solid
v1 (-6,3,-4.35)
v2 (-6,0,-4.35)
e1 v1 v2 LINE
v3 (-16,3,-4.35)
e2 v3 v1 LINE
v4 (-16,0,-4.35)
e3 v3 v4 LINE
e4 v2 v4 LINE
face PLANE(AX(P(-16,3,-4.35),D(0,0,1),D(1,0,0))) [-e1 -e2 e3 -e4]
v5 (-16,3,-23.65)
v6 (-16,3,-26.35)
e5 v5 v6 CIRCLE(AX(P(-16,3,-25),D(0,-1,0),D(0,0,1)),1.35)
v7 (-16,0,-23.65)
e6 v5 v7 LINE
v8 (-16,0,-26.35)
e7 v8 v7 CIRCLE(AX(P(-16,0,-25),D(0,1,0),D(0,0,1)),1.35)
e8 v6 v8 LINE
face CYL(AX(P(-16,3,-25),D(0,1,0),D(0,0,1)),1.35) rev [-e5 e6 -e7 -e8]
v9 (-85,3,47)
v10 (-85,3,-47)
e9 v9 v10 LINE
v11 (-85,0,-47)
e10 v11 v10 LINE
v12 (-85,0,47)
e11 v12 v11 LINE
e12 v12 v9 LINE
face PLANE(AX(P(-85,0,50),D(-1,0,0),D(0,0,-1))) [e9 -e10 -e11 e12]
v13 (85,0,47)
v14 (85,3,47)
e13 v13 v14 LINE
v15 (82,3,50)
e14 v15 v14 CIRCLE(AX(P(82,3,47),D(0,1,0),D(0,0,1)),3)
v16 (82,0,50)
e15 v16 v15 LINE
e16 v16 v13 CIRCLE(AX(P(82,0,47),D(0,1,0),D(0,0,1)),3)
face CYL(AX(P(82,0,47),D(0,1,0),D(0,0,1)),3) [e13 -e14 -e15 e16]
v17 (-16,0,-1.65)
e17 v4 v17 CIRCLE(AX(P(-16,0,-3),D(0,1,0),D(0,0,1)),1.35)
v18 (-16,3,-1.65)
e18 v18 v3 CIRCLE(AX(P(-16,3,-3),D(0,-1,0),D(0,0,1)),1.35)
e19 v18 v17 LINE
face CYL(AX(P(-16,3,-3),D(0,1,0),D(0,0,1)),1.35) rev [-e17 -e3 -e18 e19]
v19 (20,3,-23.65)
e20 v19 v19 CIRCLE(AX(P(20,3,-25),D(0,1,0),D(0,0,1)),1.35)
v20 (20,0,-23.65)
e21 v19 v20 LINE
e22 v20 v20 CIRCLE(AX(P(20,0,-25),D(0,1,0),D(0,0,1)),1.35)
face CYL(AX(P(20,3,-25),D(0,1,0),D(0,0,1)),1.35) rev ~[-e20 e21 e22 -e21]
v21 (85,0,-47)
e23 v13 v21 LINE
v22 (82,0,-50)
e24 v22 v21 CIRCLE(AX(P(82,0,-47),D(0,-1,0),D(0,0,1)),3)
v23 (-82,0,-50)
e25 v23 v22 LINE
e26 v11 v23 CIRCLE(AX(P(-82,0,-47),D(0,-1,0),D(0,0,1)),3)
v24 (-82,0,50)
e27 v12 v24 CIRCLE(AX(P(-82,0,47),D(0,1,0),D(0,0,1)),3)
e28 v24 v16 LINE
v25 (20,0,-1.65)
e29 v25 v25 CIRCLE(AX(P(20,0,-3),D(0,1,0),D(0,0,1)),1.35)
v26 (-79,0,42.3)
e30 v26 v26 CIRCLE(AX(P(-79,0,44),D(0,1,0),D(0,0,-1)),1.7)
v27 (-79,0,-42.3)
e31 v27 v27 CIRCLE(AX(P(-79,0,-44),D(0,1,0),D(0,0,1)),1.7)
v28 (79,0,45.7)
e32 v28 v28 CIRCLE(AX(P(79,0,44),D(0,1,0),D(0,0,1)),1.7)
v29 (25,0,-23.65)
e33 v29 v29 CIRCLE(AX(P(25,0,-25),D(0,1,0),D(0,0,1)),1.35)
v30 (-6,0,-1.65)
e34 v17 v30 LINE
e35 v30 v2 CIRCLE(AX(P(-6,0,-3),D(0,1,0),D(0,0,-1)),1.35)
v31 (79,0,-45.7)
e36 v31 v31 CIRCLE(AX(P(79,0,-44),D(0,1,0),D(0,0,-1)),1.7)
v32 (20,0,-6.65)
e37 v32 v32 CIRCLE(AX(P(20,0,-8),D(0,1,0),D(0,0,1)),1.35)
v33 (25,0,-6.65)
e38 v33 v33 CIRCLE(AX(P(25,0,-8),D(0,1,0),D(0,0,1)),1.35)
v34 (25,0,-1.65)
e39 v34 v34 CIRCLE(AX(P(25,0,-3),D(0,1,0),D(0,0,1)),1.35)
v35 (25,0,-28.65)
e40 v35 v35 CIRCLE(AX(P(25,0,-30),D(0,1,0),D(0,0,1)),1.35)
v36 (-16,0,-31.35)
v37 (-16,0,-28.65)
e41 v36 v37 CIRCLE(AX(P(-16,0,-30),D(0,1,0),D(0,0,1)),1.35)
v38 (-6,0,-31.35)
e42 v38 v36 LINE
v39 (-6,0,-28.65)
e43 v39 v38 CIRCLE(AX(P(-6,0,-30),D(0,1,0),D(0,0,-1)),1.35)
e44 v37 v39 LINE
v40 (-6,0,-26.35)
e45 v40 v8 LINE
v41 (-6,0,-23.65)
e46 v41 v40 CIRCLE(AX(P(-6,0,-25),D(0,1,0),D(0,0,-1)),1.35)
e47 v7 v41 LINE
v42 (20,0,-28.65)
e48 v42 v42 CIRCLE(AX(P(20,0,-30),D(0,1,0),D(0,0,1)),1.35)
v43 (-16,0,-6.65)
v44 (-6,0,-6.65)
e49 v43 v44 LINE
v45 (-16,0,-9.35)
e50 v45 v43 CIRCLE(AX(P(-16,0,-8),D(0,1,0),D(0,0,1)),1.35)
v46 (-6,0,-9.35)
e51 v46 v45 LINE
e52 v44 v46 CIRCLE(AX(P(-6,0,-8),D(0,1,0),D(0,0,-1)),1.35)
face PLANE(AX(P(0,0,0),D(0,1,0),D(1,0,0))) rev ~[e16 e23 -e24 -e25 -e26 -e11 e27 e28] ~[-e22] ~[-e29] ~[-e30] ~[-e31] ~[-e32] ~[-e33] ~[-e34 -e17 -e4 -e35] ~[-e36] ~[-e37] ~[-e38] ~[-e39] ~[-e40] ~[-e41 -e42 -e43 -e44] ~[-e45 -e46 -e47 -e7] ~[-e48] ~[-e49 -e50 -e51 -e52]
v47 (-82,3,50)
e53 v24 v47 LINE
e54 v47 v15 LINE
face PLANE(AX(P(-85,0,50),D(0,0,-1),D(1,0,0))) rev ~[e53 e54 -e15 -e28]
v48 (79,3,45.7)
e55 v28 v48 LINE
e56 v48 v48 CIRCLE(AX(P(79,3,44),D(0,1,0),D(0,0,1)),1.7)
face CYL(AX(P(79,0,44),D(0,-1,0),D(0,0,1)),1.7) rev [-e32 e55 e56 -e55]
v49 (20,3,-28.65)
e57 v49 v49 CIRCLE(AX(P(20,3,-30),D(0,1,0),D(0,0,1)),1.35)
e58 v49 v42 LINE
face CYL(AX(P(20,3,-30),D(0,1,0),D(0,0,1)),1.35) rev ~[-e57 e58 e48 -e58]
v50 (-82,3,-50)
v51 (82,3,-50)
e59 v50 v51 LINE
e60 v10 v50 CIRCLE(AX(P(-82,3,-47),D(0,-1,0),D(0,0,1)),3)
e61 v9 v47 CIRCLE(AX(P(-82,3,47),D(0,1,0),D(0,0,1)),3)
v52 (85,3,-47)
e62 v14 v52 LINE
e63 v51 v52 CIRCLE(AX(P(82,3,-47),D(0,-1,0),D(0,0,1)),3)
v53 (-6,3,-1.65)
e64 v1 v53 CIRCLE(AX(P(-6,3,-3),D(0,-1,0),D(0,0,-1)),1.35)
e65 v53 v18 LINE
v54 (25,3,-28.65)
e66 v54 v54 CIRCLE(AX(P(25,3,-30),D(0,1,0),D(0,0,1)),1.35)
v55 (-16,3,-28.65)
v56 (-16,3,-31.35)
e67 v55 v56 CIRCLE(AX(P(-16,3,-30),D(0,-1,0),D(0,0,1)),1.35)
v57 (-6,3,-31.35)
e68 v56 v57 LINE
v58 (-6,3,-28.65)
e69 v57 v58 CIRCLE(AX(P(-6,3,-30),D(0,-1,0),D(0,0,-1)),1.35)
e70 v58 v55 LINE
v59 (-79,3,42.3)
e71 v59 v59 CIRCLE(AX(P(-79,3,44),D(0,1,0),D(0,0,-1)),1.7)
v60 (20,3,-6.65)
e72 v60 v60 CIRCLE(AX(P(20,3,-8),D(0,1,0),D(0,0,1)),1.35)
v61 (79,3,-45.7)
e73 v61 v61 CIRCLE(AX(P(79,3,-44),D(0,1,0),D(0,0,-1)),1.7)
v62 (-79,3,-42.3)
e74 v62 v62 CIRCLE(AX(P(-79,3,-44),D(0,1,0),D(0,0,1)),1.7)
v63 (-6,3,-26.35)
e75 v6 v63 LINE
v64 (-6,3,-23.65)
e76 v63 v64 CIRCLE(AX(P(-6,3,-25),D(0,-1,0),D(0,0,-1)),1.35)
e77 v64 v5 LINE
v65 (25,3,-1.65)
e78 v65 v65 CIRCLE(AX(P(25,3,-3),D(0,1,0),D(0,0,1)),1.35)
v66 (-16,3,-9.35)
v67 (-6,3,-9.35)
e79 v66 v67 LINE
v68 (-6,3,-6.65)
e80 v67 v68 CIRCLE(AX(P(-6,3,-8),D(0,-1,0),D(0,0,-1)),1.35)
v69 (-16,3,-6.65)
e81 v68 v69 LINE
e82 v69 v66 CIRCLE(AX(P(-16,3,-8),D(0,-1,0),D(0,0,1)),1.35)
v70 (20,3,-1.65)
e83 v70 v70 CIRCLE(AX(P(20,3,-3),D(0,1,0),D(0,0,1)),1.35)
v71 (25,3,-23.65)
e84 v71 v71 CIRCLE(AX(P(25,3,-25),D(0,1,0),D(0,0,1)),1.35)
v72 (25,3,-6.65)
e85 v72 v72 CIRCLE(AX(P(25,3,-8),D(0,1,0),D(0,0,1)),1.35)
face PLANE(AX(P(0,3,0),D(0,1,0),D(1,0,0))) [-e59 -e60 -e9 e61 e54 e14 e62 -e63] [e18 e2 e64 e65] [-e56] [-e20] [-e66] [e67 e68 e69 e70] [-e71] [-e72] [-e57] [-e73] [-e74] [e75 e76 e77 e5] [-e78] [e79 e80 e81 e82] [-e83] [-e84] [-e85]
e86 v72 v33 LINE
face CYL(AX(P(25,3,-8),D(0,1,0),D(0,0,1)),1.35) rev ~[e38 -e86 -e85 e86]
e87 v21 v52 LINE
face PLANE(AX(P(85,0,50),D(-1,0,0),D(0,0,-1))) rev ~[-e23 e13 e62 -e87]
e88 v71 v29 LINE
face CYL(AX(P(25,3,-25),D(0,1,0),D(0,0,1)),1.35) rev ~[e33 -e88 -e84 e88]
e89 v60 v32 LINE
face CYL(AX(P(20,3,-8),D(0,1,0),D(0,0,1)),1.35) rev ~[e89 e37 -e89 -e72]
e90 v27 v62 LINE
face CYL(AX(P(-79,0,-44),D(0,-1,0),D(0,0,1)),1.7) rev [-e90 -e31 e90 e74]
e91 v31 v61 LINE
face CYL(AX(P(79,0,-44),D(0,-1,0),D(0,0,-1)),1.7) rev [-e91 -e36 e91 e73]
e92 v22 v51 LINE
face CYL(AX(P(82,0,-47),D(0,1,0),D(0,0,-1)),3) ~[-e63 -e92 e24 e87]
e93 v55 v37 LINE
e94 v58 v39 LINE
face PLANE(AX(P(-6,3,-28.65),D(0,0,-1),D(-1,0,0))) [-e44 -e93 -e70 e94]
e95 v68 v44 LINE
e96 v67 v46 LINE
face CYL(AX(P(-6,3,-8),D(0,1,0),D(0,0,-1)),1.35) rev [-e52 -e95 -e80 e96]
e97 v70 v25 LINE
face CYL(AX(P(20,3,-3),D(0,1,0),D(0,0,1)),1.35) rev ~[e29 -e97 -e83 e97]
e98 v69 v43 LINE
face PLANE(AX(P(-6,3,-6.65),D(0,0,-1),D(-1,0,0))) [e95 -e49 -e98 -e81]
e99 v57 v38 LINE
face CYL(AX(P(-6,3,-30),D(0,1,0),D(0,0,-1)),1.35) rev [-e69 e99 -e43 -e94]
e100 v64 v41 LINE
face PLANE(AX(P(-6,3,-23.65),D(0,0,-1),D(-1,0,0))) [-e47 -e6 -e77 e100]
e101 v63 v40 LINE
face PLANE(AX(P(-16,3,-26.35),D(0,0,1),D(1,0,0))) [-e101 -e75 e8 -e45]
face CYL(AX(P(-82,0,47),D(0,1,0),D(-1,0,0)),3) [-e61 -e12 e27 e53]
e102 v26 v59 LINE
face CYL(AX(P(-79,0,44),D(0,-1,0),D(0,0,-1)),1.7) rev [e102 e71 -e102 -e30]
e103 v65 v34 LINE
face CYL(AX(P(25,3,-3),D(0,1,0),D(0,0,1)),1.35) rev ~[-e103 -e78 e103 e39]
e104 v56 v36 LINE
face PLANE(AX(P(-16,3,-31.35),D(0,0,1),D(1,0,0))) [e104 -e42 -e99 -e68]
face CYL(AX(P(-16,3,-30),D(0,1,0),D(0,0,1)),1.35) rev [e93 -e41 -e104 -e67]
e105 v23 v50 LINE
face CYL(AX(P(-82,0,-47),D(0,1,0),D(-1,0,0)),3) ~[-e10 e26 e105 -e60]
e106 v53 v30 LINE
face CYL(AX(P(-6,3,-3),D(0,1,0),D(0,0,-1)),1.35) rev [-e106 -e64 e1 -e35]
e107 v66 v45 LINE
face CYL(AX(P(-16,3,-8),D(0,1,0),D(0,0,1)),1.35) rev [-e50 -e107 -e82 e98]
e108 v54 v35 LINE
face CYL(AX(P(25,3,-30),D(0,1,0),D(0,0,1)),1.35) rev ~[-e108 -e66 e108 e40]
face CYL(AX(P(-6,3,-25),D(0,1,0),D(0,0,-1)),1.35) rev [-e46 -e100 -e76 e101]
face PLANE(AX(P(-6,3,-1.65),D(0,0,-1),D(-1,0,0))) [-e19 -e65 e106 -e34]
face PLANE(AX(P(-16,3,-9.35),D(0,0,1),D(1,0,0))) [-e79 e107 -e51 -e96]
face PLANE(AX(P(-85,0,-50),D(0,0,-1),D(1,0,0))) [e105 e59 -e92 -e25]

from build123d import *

# Parameters (mm, degrees)
SKETCH_1_W          = 170
SKETCH_1_H          = 100
SKETCH_1_R          = 1.7
EXTRUDE_1_DEPTH     = 3
CUT_EXTRUDE_1_REACH = 100.661
SKETCH_2_R          = 1.35
FILLET_1_R          = 3


with BuildPart() as part:
    # 草图1 → 凸台-拉伸1 (new body)
    with BuildSketch(Plane(origin=(0, 0, 0), x_dir=(1, 0, 0), z_dir=(0, 1, 0))):
        Rectangle(SKETCH_1_W, SKETCH_1_H)
        with Locations(Location((-79, -44, 0), (0, 0, 90))):
            Circle(SKETCH_1_R, mode=Mode.SUBTRACT)
        with Locations(Location((79, 44, 0), (0, 0, 90))):
            Circle(SKETCH_1_R, mode=Mode.SUBTRACT)
        with Locations(Location((79, -44, 0), (0, 0, 270))):
            Circle(SKETCH_1_R, mode=Mode.SUBTRACT)
        with Locations(Location((-79, 44, 0), (0, 0, 270))):
            Circle(SKETCH_1_R, mode=Mode.SUBTRACT)
    extrude(amount=EXTRUDE_1_DEPTH)

    # 草图2 → 切除-拉伸1 (cut, up to next)
    with BuildSketch(Plane(origin=(0, 3, 0), x_dir=(1, 0, 0), z_dir=(0, 1, 0)), mode=Mode.PRIVATE) as cut_extrude_1_sk1:
        with Locations(Location((25, 30, 0), (0, 0, 270))):
            Circle(SKETCH_2_R)
    cut_extrude_1_tool1 = extrude(cut_extrude_1_sk1.sketch, amount=-CUT_EXTRUDE_1_REACH, mode=Mode.PRIVATE) & part.part
    # 草图2 → 切除-拉伸1 (cut, up to next)
    with BuildSketch(Plane(origin=(0, 3, 0), x_dir=(1, 0, 0), z_dir=(0, 1, 0)), mode=Mode.PRIVATE) as cut_extrude_1_sk2:
        with Locations(Location((20, 30, 0), (0, 0, 270))):
            Circle(SKETCH_2_R)
    cut_extrude_1_tool2 = extrude(cut_extrude_1_sk2.sketch, amount=-CUT_EXTRUDE_1_REACH, mode=Mode.PRIVATE) & part.part
    # 草图2 → 切除-拉伸1 (cut, up to next)
    with BuildSketch(Plane(origin=(0, 3, 0), x_dir=(1, 0, 0), z_dir=(0, 1, 0)), mode=Mode.PRIVATE) as cut_extrude_1_sk3:
        with Locations(Location((25, 25, 0), (0, 0, 270))):
            Circle(SKETCH_2_R)
    cut_extrude_1_tool3 = extrude(cut_extrude_1_sk3.sketch, amount=-CUT_EXTRUDE_1_REACH, mode=Mode.PRIVATE) & part.part
    # 草图2 → 切除-拉伸1 (cut, up to next)
    with BuildSketch(Plane(origin=(0, 3, 0), x_dir=(1, 0, 0), z_dir=(0, 1, 0)), mode=Mode.PRIVATE) as cut_extrude_1_sk4:
        with Locations(Location((20, 25, 0), (0, 0, 270))):
            Circle(SKETCH_2_R)
    cut_extrude_1_tool4 = extrude(cut_extrude_1_sk4.sketch, amount=-CUT_EXTRUDE_1_REACH, mode=Mode.PRIVATE) & part.part
    # 草图2 → 切除-拉伸1 (cut, up to next)
    with BuildSketch(Plane(origin=(0, 3, 0), x_dir=(1, 0, 0), z_dir=(0, 1, 0)), mode=Mode.PRIVATE) as cut_extrude_1_sk5:
        with Locations(Location((25, 8, 0), (0, 0, 270))):
            Circle(SKETCH_2_R)
    cut_extrude_1_tool5 = extrude(cut_extrude_1_sk5.sketch, amount=-CUT_EXTRUDE_1_REACH, mode=Mode.PRIVATE) & part.part
    # 草图2 → 切除-拉伸1 (cut, up to next)
    with BuildSketch(Plane(origin=(0, 3, 0), x_dir=(1, 0, 0), z_dir=(0, 1, 0)), mode=Mode.PRIVATE) as cut_extrude_1_sk6:
        with Locations(Location((20, 8, 0), (0, 0, 270))):
            Circle(SKETCH_2_R)
    cut_extrude_1_tool6 = extrude(cut_extrude_1_sk6.sketch, amount=-CUT_EXTRUDE_1_REACH, mode=Mode.PRIVATE) & part.part
    # 草图2 → 切除-拉伸1 (cut, up to next)
    with BuildSketch(Plane(origin=(0, 3, 0), x_dir=(1, 0, 0), z_dir=(0, 1, 0)), mode=Mode.PRIVATE) as cut_extrude_1_sk7:
        with Locations(Location((25, 3, 0), (0, 0, 270))):
            Circle(SKETCH_2_R)
    cut_extrude_1_tool7 = extrude(cut_extrude_1_sk7.sketch, amount=-CUT_EXTRUDE_1_REACH, mode=Mode.PRIVATE) & part.part
    # 草图2 → 切除-拉伸1 (cut, up to next)
    with BuildSketch(Plane(origin=(0, 3, 0), x_dir=(1, 0, 0), z_dir=(0, 1, 0)), mode=Mode.PRIVATE) as cut_extrude_1_sk8:
        with Locations(Location((20, 3, 0), (0, 0, 270))):
            Circle(SKETCH_2_R)
    cut_extrude_1_tool8 = extrude(cut_extrude_1_sk8.sketch, amount=-CUT_EXTRUDE_1_REACH, mode=Mode.PRIVATE) & part.part
    # 草图2 → 切除-拉伸1 (cut, up to next)
    with BuildSketch(Plane(origin=(0, 3, 0), x_dir=(1, 0, 0), z_dir=(0, 1, 0)), mode=Mode.PRIVATE) as cut_extrude_1_sk9:
        with BuildLine():
            Line((-16, 26.35), (-6, 26.35))
            ThreePointArc((-6, 26.35), (-4.65, 25), (-6, 23.65))
            Line((-6, 23.65), (-16, 23.65))
            ThreePointArc((-16, 23.65), (-17.35, 25), (-16, 26.35))
        make_face()
    cut_extrude_1_tool9 = extrude(cut_extrude_1_sk9.sketch, amount=-CUT_EXTRUDE_1_REACH, mode=Mode.PRIVATE) & part.part
    # 草图2 → 切除-拉伸1 (cut, up to next)
    with BuildSketch(Plane(origin=(0, 3, 0), x_dir=(1, 0, 0), z_dir=(0, 1, 0)), mode=Mode.PRIVATE) as cut_extrude_1_sk10:
        with BuildLine():
            Line((-16, 31.35), (-6, 31.35))
            ThreePointArc((-6, 31.35), (-4.65, 30), (-6, 28.65))
            Line((-6, 28.65), (-16, 28.65))
            ThreePointArc((-16, 28.65), (-17.35, 30), (-16, 31.35))
        make_face()
    cut_extrude_1_tool10 = extrude(cut_extrude_1_sk10.sketch, amount=-CUT_EXTRUDE_1_REACH, mode=Mode.PRIVATE) & part.part
    # 草图2 → 切除-拉伸1 (cut, up to next)
    with BuildSketch(Plane(origin=(0, 3, 0), x_dir=(1, 0, 0), z_dir=(0, 1, 0)), mode=Mode.PRIVATE) as cut_extrude_1_sk11:
        with BuildLine():
            Line((-16, 4.35), (-6, 4.35))
            ThreePointArc((-6, 4.35), (-4.65, 3), (-6, 1.65))
            Line((-6, 1.65), (-16, 1.65))
            ThreePointArc((-16, 1.65), (-17.35, 3), (-16, 4.35))
        make_face()
    cut_extrude_1_tool11 = extrude(cut_extrude_1_sk11.sketch, amount=-CUT_EXTRUDE_1_REACH, mode=Mode.PRIVATE) & part.part
    # 草图2 → 切除-拉伸1 (cut, up to next)
    with BuildSketch(Plane(origin=(0, 3, 0), x_dir=(1, 0, 0), z_dir=(0, 1, 0)), mode=Mode.PRIVATE) as cut_extrude_1_sk12:
        with BuildLine():
            Line((-16, 9.35), (-6, 9.35))
            ThreePointArc((-6, 9.35), (-4.65, 8), (-6, 6.65))
            Line((-6, 6.65), (-16, 6.65))
            ThreePointArc((-16, 6.65), (-17.35, 8), (-16, 9.35))
        make_face()
    cut_extrude_1_tool12 = extrude(cut_extrude_1_sk12.sketch, amount=-CUT_EXTRUDE_1_REACH, mode=Mode.PRIVATE) & part.part
    add(cut_extrude_1_tool1.solids().sort_by_distance((25, 3, -30))[0], mode=Mode.SUBTRACT)
    add(cut_extrude_1_tool2.solids().sort_by_distance((20, 3, -30))[0], mode=Mode.SUBTRACT)
    add(cut_extrude_1_tool3.solids().sort_by_distance((25, 3, -25))[0], mode=Mode.SUBTRACT)
    add(cut_extrude_1_tool4.solids().sort_by_distance((20, 3, -25))[0], mode=Mode.SUBTRACT)
    add(cut_extrude_1_tool5.solids().sort_by_distance((25, 3, -8))[0], mode=Mode.SUBTRACT)
    add(cut_extrude_1_tool6.solids().sort_by_distance((20, 3, -8))[0], mode=Mode.SUBTRACT)
    add(cut_extrude_1_tool7.solids().sort_by_distance((25, 3, -3))[0], mode=Mode.SUBTRACT)
    add(cut_extrude_1_tool8.solids().sort_by_distance((20, 3, -3))[0], mode=Mode.SUBTRACT)
    add(cut_extrude_1_tool9.solids().sort_by_distance((-11, 3, -25))[0], mode=Mode.SUBTRACT)
    add(cut_extrude_1_tool10.solids().sort_by_distance((-11, 3, -30))[0], mode=Mode.SUBTRACT)
    add(cut_extrude_1_tool11.solids().sort_by_distance((-11, 3, -3))[0], mode=Mode.SUBTRACT)
    add(cut_extrude_1_tool12.solids().sort_by_distance((-11, 3, -8))[0], mode=Mode.SUBTRACT)

    # 圆角1
    fillet_1_edges = [part.edges().sort_by_distance(p)[0] for p in [
        (85, 1.5, 50),
        (-85, 1.5, 50),
        (-85, 1.5, -50),
        (85, 1.5, -50),
    ]]
    fillet(fillet_1_edges, radius=FILLET_1_R)


solid = part.part
